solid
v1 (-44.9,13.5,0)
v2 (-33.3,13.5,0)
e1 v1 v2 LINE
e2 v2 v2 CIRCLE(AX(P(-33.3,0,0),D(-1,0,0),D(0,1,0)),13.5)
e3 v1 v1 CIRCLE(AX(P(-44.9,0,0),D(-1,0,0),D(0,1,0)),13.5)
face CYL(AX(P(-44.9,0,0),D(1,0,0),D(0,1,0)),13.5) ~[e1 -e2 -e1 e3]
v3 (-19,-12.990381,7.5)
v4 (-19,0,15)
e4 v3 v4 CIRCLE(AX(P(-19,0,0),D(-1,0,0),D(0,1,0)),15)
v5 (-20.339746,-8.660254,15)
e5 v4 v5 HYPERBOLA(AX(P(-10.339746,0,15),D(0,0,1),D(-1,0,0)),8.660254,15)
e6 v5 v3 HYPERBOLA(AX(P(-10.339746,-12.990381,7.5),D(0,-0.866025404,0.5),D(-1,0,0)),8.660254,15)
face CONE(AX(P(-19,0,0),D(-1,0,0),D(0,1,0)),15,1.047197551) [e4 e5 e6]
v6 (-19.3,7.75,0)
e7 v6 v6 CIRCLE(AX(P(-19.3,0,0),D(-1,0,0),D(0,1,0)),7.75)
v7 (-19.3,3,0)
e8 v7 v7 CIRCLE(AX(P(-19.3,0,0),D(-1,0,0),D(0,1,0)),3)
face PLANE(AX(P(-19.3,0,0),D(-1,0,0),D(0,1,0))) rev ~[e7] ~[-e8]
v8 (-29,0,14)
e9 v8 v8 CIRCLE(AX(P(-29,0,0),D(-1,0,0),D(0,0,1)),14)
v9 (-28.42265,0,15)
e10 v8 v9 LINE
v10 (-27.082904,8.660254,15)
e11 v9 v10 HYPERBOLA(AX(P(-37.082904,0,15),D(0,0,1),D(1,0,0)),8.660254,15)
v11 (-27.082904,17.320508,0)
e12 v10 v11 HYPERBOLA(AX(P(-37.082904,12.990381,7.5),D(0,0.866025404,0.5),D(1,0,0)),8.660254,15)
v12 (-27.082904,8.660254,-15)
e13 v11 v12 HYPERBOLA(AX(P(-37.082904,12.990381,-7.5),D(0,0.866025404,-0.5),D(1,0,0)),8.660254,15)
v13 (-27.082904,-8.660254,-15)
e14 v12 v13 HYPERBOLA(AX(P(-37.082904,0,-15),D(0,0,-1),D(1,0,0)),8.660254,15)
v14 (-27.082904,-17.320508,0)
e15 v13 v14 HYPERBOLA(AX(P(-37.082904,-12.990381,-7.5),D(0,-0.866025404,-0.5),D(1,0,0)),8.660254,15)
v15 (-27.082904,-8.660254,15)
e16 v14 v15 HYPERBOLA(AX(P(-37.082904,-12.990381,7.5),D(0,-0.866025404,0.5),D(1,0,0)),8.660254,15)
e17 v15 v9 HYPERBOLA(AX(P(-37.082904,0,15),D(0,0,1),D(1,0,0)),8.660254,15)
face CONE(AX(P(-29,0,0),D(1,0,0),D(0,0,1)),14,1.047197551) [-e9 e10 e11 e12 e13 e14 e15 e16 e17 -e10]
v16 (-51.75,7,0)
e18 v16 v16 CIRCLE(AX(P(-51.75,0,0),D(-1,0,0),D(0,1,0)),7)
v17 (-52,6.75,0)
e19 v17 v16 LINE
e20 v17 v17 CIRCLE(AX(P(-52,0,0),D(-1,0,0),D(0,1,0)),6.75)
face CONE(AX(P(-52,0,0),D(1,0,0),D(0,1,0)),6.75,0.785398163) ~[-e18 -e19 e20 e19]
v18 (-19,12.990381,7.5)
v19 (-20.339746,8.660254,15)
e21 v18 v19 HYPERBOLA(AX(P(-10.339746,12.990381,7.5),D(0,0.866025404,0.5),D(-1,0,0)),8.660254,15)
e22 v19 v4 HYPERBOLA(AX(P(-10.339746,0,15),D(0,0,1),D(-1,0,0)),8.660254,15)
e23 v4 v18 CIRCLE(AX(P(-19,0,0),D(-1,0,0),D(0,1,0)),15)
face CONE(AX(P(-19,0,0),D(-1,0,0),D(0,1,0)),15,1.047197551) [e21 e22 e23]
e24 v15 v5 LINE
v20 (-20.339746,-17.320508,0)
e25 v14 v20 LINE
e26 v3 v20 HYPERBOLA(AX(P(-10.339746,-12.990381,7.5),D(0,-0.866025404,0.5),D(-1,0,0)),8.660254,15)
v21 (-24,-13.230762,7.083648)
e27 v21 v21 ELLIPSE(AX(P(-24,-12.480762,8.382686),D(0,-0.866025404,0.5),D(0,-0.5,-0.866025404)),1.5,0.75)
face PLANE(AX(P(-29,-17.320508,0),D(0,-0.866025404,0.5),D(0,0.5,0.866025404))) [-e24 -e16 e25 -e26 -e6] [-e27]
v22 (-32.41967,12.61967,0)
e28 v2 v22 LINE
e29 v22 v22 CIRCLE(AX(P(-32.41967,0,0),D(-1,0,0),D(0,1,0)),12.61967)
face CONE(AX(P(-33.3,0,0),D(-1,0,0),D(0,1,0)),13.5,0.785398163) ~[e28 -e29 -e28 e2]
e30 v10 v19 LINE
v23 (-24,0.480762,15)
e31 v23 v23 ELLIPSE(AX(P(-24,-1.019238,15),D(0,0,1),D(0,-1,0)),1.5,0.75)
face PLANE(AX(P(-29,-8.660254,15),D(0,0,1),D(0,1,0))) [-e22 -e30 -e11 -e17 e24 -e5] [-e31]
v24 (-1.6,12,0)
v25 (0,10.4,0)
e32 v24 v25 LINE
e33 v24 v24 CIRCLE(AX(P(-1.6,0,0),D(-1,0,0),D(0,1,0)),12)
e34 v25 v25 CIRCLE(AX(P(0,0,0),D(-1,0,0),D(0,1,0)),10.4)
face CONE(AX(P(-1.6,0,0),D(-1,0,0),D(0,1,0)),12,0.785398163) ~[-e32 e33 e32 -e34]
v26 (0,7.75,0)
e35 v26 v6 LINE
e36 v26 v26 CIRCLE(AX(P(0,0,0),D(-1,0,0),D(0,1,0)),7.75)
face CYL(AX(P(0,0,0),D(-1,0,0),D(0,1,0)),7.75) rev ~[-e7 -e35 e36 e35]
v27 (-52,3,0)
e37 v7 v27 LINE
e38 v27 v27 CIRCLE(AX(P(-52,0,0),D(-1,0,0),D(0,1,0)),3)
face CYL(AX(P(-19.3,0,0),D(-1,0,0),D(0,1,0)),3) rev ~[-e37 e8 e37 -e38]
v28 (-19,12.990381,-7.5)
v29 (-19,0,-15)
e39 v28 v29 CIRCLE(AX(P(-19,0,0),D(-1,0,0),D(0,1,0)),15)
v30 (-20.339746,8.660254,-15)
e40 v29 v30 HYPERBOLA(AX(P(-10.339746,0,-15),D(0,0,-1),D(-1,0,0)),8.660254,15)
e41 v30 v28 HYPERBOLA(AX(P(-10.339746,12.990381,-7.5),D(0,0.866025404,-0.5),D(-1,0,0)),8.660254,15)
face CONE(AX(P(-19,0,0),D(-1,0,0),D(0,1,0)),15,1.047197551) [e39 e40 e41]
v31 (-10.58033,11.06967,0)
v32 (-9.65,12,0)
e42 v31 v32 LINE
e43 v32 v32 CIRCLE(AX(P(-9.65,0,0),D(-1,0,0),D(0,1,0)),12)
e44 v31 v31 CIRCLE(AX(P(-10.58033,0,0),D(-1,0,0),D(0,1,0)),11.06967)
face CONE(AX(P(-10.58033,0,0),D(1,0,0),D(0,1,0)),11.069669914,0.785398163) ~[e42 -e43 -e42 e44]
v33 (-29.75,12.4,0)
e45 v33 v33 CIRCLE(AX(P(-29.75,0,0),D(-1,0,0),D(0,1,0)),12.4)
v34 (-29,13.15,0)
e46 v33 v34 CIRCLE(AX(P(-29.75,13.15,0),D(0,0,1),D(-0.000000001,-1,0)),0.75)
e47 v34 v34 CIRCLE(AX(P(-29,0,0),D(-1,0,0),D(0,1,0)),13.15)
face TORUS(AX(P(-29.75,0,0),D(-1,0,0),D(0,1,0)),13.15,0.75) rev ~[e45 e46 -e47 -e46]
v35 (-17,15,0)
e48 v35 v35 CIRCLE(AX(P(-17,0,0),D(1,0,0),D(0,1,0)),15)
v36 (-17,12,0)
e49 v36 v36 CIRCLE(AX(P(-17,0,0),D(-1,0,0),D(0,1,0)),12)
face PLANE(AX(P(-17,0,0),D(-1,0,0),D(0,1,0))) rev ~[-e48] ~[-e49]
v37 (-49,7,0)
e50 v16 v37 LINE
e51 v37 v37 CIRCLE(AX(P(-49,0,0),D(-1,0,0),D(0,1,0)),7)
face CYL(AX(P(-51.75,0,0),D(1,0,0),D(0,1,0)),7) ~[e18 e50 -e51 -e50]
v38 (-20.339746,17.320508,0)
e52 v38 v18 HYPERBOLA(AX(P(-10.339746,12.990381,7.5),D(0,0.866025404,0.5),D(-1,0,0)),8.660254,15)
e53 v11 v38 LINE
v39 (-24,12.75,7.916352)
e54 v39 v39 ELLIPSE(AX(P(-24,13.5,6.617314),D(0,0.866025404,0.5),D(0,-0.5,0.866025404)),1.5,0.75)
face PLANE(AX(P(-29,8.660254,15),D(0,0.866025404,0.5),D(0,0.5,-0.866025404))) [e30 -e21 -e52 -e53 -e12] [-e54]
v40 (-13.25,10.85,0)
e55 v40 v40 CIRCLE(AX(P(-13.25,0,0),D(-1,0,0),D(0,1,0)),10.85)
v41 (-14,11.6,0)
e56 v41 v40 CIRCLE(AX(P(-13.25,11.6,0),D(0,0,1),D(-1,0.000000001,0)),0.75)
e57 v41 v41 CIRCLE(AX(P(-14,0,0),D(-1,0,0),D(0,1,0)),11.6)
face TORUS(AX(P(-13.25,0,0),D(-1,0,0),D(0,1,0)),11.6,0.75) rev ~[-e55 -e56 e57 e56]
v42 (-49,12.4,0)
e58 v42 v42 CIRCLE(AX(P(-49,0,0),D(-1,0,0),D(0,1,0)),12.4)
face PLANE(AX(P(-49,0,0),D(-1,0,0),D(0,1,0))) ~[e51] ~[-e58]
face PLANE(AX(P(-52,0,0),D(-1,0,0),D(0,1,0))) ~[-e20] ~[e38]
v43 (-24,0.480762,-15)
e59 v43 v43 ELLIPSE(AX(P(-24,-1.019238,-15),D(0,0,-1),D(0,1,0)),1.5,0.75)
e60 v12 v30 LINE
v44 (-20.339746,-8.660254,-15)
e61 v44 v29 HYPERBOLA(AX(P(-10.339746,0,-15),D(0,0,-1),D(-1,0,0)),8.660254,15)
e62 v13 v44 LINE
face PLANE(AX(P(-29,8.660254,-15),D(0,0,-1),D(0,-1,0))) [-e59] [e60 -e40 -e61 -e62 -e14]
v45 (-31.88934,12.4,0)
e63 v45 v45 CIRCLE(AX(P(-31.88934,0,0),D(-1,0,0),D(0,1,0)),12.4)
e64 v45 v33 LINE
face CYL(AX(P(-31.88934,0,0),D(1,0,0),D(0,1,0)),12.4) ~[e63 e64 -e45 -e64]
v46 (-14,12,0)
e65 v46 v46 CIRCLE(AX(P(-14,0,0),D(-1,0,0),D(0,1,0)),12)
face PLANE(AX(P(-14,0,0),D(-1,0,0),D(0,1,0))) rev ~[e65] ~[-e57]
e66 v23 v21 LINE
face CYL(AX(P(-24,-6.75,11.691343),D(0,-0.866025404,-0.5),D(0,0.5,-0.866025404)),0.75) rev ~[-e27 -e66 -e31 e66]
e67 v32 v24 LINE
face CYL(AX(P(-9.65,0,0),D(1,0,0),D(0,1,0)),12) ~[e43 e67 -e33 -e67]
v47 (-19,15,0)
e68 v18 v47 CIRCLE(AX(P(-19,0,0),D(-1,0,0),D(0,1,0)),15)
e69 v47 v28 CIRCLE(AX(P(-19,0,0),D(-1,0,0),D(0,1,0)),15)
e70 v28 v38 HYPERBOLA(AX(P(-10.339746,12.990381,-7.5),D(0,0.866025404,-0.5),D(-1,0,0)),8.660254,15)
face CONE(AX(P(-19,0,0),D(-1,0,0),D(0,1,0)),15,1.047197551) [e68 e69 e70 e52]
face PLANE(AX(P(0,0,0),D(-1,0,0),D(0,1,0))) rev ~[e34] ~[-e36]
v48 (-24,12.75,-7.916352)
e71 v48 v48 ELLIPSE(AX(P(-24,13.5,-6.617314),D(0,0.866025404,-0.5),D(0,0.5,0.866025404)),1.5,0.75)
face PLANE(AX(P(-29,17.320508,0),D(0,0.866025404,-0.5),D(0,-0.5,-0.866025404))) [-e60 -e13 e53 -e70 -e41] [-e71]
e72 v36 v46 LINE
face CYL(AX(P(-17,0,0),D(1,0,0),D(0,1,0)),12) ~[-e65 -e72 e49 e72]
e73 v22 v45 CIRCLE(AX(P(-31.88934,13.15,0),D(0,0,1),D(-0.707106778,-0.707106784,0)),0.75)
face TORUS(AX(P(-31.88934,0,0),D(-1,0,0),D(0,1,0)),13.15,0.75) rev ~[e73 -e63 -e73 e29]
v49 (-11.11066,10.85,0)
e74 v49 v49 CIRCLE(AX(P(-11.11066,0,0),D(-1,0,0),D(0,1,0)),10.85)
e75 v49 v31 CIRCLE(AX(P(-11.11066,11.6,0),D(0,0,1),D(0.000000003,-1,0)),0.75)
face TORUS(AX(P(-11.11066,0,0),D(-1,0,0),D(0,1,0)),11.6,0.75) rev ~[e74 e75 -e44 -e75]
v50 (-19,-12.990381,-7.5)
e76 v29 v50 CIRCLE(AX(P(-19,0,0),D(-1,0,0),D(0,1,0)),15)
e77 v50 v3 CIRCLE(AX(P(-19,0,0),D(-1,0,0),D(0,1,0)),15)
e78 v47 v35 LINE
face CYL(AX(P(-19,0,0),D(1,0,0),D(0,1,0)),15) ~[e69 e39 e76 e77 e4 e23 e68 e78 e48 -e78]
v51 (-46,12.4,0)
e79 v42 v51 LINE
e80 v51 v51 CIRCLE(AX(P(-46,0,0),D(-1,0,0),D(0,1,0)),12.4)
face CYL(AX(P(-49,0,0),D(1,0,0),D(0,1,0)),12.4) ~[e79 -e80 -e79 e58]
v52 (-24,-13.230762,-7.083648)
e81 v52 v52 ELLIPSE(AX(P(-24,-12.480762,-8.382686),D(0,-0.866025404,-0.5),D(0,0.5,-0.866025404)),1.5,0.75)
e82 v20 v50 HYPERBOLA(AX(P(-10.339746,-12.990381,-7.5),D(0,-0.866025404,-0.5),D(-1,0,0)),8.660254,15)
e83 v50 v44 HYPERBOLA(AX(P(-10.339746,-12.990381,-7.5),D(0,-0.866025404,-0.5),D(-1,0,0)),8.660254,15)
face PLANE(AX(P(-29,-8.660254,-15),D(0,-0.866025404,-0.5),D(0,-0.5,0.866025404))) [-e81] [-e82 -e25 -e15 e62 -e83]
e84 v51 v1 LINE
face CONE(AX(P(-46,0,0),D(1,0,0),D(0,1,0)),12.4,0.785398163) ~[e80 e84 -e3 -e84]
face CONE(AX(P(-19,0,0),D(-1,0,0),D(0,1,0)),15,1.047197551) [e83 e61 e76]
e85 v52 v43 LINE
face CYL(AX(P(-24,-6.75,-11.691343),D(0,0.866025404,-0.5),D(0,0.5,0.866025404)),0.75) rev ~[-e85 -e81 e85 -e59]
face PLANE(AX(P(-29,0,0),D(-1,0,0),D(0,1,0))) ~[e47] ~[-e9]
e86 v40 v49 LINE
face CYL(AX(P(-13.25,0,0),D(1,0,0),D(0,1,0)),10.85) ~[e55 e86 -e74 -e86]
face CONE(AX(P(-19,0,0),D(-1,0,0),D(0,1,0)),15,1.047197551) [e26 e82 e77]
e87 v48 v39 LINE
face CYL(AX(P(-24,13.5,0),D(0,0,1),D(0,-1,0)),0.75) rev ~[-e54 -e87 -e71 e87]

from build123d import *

# Parameters (mm, degrees)
SKETCH_2_OUTSIDE_W       = 57.368
SKETCH_2_OUTSIDE_H       = 57.368
CUT_EXTRUDE_1_DEPTH      = 41.509258201
SKETCH_3_OUTSIDE_W       = 188.496
SKETCH_3_OUTSIDE_H       = 193.138
SKETCH_3_OUTSIDE_R       = 15
CUT_EXTRUDE_2_DEPTH      = 41.174618853
CUT_EXTRUDE_2_DRAFT      = -60
SKETCH_4_OUTSIDE_W       = 177.358
SKETCH_4_OUTSIDE_H       = 182
SKETCH_4_OUTSIDE_R       = 14
CUT_EXTRUDE_3_DEPTH      = 37.959437225
CUT_EXTRUDE_3_DRAFT      = -60
SKETCH_5_R               = 0.75
CUT_EXTRUDE_4_DEPTH      = 57.824290581
PATTERN_CIRCULAR_1_COUNT = 3


with BuildPart() as part:
    # Эскиз1 → Повернуть1 (revolve)
    with BuildSketch(Plane.XY):
        with BuildLine():
            Line((0, 7.75), (-19.3, 7.75))
            Line((-19.3, 7.75), (-19.3, 3))
            Line((-19.3, 3), (-52, 3))
            Line((-52, 3), (-52, 6.75))
            Line((-52, 6.75), (-51.75, 7))
            Line((-51.75, 7), (-49, 7))
            Line((-49, 7), (-49, 12.4))
            Line((-49, 12.4), (-46, 12.4))
            Line((-46, 12.4), (-44.9, 13.5))
            Line((-44.9, 13.5), (-33.3, 13.5))
            Line((-33.3, 13.5), (-32.419669914, 12.619669914))
            ThreePointArc((-32.419669914, 12.619669914), (-32.176352402, 12.457090351), (-31.889339828, 12.4))
            Line((-31.889339828, 12.4), (-29.75, 12.4))
            ThreePointArc((-29.75, 12.4), (-29.219669914, 12.619669914), (-29, 13.15))
            Line((-29, 13.15), (-29, 20))
            Line((-29, 20), (-19, 20))
            Line((-19, 20), (-19, 15))
            Line((-19, 15), (-17, 15))
            Line((-17, 15), (-17, 12))
            Line((-17, 12), (-14, 12))
            Line((-14, 12), (-14, 11.6))
            ThreePointArc((-14, 11.6), (-13.780330086, 11.069669914), (-13.25, 10.85))
            Line((-13.25, 10.85), (-11.110660172, 10.85))
            ThreePointArc((-11.110660172, 10.85), (-10.823647598, 10.907090351), (-10.580330086, 11.069669914))
            Line((-10.580330086, 11.069669914), (-9.65, 12))
            Line((-9.65, 12), (-1.6, 12))
            Line((-1.6, 12), (0, 10.4))
            Line((0, 10.4), (0, 7.75))
        make_face()
    revolve(axis=Axis((0, 0, 0), (-1, 0, 0)))

    # Эскиз2 outside → Вырез-Вытянуть1 (cut, through all)
    with BuildSketch(Plane.ZY.offset(29)):
        Rectangle(SKETCH_2_OUTSIDE_W, SKETCH_2_OUTSIDE_H)
        Polygon((0, 17.320508076), (-15, 8.660254038), (-15, -8.660254038), (0, -17.320508076), (15, -8.660254038), (15, 8.660254038), align=None, mode=Mode.SUBTRACT)
    extrude(amount=-CUT_EXTRUDE_1_DEPTH, mode=Mode.SUBTRACT)


with BuildPart() as cut_extrude_2_tool:
    # Эскиз3 outside → Вырез-Вытянуть2 (with draft: the straight prism first)
    with BuildSketch(Plane(origin=(-19, 0, 0), x_dir=(0, 0, -1), z_dir=(1, 0, 0))):
        Rectangle(SKETCH_3_OUTSIDE_W, SKETCH_3_OUTSIDE_H)
        with Locations(Location((0, 0, 0), (0, 0, 90))):
            Circle(SKETCH_3_OUTSIDE_R, mode=Mode.SUBTRACT)
    extrude(amount=-CUT_EXTRUDE_2_DEPTH)
    # Вырез-Вытянуть2: the draft: its side faces are tilted about the plane it starts from
    cut_extrude_2_sides = [cut_extrude_2_tool.faces().sort_by_distance(p)[0] for p in [
        (-39.587309427, -96.569, 0),
        (-39.587309427, 0, -94.248),
        (-39.587309427, 96.569, 0),
        (-39.587309427, 0, 94.248),
        (-39.587309427, -15, 0),
    ]]
    draft(cut_extrude_2_sides, Plane(origin=(-19, 0, 0), x_dir=(0, 0, -1), z_dir=(1, 0, 0)), CUT_EXTRUDE_2_DRAFT)


with BuildPart() as part_1:
    add(part.part)

    # Вырез-Вытянуть2: cut by cut_extrude_2_tool
    add(cut_extrude_2_tool.part, mode=Mode.SUBTRACT)


with BuildPart() as cut_extrude_3_tool:
    # Эскиз4 outside → Вырез-Вытянуть3 (with draft: the straight prism first)
    with BuildSketch(Plane.ZY.offset(29)):
        Rectangle(SKETCH_4_OUTSIDE_W, SKETCH_4_OUTSIDE_H)
        Circle(SKETCH_4_OUTSIDE_R, mode=Mode.SUBTRACT)
    extrude(amount=-CUT_EXTRUDE_3_DEPTH)
    # Вырез-Вытянуть3: the draft: its side faces are tilted about the plane it starts from
    cut_extrude_3_sides = [cut_extrude_3_tool.faces().sort_by_distance(p)[0] for p in [
        (-10.020281387, -91, 0),
        (-10.020281387, 0, 88.679),
        (-10.020281387, 91, 0),
        (-10.020281387, 0, -88.679),
        (-10.020281387, 0, -14),
    ]]
    draft(cut_extrude_3_sides, Plane.ZY.offset(29), CUT_EXTRUDE_3_DRAFT)


with BuildPart() as part_2:
    add(part_1.part)

    # Вырез-Вытянуть3: cut by cut_extrude_3_tool
    add(cut_extrude_3_tool.part, mode=Mode.SUBTRACT)

    # Эскиз5 → Вырез-Вытянуть4 (cut, symmetric)
    with BuildSketch(Plane.XY):
        with Locations(Location((-24, 13.5, 0), (0, 0, 270))):
            Circle(SKETCH_5_R)
    cut_extrude_4 = extrude(amount=CUT_EXTRUDE_4_DEPTH, both=True, mode=Mode.SUBTRACT)

    # Круговой массив1: Вырез-Вытянуть4 ×3 about axis
    pattern_circular_1_axis = Axis((0, 0, 0), (1, 0, 0))
    for i in range(1, PATTERN_CIRCULAR_1_COUNT):
        add(cut_extrude_4.rotate(pattern_circular_1_axis, i * 360 / PATTERN_CIRCULAR_1_COUNT), mode=Mode.SUBTRACT)


solid = part_2.part
